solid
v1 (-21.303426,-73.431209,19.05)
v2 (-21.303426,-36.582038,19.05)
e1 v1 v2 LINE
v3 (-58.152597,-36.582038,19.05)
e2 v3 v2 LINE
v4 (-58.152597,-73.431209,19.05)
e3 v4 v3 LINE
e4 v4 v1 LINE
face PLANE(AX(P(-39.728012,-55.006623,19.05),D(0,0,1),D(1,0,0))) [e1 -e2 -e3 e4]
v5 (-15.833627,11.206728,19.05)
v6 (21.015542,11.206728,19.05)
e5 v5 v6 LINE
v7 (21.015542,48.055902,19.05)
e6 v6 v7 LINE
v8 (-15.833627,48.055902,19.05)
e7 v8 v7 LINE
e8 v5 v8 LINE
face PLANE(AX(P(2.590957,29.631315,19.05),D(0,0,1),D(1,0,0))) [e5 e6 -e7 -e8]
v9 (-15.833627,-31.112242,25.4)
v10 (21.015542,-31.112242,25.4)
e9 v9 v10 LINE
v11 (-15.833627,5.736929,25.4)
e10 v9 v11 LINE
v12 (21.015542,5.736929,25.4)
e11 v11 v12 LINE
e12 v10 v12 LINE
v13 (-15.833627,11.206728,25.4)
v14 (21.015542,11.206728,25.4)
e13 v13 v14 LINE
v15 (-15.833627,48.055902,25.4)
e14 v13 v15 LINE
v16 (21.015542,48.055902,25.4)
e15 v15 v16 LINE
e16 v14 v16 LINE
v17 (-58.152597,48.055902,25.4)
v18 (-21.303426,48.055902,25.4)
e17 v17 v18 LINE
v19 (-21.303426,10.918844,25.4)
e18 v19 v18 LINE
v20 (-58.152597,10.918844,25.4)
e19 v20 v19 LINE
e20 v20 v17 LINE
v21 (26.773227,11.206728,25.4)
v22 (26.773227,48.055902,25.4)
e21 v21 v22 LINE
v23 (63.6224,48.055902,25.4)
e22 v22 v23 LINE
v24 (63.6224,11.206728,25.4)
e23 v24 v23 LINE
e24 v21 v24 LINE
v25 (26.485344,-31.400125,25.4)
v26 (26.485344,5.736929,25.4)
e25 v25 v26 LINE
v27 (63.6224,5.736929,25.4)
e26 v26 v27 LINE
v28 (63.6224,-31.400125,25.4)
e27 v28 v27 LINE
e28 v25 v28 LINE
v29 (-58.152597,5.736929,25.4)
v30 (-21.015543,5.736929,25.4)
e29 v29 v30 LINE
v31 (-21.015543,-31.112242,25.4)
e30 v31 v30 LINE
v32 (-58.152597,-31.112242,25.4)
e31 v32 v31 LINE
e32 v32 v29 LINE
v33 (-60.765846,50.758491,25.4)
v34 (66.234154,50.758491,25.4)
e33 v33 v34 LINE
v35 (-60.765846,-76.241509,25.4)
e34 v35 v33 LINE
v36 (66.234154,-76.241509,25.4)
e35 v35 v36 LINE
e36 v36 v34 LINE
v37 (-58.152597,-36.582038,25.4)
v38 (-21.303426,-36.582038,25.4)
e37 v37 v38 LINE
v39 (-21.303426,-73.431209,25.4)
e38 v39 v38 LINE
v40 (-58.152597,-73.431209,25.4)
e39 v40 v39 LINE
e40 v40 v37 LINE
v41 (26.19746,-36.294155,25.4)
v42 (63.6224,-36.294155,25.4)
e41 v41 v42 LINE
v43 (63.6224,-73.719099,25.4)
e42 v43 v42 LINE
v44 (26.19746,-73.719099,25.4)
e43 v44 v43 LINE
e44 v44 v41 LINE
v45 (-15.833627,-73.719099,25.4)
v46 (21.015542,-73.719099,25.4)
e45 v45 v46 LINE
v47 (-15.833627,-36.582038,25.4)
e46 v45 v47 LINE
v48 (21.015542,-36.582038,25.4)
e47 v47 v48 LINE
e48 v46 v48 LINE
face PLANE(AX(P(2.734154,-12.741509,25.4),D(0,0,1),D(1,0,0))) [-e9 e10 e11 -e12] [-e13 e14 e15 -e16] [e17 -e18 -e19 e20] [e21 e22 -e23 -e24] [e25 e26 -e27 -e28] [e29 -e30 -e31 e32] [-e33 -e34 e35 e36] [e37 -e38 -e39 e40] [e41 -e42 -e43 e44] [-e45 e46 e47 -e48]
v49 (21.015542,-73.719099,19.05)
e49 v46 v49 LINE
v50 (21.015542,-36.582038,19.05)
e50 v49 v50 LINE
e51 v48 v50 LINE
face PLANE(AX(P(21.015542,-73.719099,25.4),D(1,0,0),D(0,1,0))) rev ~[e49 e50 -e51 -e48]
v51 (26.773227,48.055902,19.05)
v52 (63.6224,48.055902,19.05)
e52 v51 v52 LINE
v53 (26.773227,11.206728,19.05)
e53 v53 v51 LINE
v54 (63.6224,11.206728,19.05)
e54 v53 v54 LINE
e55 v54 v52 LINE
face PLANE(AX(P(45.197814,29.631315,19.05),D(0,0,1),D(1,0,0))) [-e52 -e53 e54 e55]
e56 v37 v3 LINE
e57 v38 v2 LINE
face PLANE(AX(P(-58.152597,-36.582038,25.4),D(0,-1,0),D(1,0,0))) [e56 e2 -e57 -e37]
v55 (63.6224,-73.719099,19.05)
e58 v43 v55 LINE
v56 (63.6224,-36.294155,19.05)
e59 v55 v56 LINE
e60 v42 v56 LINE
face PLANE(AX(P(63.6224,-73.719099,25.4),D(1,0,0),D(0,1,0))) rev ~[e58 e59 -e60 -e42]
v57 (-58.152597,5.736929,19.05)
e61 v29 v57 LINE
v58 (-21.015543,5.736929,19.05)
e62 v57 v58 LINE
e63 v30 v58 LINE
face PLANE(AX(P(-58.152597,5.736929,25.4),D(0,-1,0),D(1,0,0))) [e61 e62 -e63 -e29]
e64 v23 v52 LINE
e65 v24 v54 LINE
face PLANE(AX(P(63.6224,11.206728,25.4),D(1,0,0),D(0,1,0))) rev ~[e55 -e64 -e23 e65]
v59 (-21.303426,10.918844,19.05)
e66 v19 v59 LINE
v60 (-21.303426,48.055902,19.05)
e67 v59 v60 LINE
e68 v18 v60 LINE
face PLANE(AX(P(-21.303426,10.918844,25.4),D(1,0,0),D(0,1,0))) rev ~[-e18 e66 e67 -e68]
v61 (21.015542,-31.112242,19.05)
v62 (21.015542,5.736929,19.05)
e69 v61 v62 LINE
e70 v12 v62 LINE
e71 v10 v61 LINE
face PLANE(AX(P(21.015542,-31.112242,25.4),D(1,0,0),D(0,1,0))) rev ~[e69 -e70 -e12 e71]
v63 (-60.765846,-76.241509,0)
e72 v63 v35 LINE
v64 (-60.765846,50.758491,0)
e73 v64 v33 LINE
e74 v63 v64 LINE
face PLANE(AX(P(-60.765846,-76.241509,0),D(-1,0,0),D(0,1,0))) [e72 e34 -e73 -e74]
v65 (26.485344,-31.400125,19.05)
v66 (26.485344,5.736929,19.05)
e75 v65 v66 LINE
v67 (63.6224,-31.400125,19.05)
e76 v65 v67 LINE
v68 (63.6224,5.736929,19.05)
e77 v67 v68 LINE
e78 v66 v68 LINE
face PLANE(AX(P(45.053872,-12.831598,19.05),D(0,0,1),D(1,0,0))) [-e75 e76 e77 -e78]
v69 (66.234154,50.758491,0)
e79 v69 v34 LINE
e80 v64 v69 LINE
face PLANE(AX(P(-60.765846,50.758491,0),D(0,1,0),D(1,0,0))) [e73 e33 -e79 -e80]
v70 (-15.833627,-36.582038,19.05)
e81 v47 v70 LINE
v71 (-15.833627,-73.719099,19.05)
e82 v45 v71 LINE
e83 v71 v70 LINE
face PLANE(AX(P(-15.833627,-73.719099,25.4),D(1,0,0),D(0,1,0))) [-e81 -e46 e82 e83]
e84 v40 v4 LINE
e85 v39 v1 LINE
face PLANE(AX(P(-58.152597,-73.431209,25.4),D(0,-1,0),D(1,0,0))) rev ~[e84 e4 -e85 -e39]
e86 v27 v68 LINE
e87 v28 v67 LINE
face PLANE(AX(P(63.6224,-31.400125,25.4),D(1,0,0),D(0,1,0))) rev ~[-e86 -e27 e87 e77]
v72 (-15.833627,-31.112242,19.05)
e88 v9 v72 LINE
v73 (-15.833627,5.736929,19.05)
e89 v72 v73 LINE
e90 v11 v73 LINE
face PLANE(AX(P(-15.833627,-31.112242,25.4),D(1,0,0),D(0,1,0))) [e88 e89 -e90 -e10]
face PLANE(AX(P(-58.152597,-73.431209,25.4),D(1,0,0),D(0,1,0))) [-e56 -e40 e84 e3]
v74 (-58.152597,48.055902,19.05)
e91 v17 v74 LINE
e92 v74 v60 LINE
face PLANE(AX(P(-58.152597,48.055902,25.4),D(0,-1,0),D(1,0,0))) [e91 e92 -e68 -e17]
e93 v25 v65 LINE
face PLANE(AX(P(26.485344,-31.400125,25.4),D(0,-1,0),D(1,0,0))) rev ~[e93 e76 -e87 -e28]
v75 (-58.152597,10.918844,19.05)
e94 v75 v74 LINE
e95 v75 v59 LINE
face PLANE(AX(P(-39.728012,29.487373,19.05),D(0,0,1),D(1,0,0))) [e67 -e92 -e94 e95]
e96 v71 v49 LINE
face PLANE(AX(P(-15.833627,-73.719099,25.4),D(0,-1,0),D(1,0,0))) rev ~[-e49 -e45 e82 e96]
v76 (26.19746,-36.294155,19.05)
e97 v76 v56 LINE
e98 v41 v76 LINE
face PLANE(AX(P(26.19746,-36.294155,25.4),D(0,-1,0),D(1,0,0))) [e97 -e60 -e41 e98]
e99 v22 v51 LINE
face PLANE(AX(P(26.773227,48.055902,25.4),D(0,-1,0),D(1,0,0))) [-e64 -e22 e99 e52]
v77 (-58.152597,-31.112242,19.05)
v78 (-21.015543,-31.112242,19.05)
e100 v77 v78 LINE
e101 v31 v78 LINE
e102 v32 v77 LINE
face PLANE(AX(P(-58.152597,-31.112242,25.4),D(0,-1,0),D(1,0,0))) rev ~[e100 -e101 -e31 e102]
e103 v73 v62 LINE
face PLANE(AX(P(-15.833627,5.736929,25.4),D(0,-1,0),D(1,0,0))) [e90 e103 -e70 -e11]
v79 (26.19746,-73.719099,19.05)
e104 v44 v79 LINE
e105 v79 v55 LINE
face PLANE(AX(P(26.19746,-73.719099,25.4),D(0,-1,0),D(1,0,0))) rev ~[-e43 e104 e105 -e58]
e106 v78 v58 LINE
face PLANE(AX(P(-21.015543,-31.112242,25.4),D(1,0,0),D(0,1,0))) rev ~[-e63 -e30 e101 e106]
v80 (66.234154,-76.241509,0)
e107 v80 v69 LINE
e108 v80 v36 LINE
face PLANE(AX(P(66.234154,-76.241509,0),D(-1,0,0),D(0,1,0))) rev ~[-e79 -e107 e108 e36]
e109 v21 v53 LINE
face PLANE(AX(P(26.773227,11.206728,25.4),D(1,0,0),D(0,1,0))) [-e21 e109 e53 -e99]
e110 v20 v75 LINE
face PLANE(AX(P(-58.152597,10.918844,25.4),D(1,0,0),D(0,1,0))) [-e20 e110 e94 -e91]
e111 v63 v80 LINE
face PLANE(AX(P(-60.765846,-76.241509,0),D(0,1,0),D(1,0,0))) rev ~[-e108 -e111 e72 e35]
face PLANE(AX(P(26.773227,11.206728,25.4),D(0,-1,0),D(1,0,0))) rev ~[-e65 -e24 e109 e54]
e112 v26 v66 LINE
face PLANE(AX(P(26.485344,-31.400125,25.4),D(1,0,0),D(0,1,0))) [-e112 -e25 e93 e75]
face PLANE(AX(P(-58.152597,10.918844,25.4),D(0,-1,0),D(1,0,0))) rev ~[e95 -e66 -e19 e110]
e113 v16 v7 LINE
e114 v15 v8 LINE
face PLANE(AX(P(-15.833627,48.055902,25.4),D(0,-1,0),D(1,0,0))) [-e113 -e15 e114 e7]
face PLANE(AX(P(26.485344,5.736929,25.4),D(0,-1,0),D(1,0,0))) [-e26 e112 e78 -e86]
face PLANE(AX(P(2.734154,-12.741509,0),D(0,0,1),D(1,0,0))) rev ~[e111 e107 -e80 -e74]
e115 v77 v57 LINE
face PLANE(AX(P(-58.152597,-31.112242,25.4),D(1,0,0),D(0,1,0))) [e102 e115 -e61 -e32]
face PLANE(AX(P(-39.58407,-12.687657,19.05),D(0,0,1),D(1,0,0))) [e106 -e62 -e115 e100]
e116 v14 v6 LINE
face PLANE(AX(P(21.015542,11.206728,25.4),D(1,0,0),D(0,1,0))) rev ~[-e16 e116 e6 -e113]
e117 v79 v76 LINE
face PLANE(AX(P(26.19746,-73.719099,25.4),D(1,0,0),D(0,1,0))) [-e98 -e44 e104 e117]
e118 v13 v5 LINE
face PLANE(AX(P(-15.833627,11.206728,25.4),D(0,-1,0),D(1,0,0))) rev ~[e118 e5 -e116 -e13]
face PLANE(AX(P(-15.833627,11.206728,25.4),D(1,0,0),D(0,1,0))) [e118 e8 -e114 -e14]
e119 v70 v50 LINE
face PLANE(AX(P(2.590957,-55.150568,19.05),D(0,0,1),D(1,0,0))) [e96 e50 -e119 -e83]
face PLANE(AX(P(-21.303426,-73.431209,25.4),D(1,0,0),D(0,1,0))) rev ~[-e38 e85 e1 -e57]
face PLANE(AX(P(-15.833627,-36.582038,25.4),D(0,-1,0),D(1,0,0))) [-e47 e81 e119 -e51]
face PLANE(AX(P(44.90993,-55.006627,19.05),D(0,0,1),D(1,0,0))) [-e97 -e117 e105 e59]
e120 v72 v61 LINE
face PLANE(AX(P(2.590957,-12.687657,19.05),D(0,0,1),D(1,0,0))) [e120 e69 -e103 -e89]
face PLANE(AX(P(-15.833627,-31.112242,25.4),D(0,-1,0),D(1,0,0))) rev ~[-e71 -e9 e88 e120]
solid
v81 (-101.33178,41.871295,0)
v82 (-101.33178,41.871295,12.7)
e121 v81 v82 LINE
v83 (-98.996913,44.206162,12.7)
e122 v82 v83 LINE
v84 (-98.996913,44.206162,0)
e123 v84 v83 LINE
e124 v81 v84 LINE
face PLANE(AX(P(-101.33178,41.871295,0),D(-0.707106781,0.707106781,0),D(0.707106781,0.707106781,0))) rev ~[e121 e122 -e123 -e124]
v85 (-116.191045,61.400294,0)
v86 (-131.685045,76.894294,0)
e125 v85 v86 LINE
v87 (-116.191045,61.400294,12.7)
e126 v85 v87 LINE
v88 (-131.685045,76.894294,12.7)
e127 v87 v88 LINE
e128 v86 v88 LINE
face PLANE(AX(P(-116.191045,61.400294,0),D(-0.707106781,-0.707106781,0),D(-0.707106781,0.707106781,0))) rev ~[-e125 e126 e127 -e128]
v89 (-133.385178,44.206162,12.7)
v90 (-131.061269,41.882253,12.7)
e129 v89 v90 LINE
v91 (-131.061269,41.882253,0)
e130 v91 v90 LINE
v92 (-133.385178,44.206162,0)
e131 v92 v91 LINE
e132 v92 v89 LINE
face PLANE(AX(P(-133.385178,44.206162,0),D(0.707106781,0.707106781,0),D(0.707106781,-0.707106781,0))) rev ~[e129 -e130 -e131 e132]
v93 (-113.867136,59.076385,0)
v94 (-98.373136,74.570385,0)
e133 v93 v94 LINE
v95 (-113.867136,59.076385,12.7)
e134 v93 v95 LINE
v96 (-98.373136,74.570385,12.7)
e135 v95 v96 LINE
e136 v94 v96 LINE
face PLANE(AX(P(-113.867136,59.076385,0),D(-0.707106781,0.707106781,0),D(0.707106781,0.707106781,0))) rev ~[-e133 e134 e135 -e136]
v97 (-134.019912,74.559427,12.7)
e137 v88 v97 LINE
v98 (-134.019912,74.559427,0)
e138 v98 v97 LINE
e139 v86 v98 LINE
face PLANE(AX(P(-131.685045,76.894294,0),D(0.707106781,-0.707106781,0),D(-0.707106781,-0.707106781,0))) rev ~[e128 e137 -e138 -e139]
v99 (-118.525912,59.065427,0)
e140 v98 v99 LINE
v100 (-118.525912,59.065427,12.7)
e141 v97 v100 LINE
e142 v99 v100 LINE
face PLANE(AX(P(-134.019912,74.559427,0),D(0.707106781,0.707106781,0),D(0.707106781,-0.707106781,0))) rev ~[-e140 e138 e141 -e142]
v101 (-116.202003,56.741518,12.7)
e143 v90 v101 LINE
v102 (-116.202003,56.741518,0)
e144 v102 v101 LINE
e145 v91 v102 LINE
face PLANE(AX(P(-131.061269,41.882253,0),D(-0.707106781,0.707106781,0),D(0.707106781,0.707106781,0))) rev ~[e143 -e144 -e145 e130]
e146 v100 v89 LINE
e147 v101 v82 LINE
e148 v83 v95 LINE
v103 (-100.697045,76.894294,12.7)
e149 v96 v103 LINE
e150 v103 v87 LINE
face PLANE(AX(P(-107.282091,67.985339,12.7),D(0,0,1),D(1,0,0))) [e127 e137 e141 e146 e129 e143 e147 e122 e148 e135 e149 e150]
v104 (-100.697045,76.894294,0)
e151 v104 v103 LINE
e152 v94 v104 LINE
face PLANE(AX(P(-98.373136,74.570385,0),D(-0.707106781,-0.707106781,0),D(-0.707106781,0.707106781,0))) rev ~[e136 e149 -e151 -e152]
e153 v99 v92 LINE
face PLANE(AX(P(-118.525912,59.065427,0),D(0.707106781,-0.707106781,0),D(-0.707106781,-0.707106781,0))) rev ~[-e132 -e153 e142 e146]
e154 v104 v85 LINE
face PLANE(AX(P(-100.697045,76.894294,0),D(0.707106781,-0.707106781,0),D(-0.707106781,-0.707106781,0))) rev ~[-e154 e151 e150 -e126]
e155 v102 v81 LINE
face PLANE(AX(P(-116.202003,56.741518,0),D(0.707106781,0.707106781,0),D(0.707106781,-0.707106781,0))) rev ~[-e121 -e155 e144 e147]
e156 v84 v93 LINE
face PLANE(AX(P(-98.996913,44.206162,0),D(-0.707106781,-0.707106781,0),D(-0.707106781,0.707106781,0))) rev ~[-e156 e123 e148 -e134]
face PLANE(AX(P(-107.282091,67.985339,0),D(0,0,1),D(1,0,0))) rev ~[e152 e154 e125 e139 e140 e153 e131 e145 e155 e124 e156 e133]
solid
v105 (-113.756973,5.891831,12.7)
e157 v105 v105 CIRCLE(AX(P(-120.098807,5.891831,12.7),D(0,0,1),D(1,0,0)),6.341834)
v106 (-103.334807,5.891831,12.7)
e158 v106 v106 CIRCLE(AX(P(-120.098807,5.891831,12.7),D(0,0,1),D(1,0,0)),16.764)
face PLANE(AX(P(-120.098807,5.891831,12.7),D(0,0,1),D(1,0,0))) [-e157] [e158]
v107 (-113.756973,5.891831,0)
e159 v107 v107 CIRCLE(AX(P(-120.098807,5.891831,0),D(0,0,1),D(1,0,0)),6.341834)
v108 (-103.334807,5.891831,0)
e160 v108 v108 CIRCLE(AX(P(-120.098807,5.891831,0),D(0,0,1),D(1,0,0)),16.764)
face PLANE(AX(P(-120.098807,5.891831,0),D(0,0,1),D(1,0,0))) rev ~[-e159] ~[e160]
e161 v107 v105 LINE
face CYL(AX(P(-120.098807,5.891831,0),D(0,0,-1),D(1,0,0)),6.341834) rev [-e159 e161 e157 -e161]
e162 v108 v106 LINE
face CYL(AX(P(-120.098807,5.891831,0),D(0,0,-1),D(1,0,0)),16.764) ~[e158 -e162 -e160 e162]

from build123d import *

# Parameters (mm, degrees)
F0_W     = 127
F0_H     = 127
F1_DEPTH = 25.4
F2_W     = 36.8491709232
F2_H     = 37.1370585635
F2_W_2   = 36.8491690606
F2_H_2   = 36.8491737172
F2_W_3   = 36.8491727859
F2_W_4   = 37.1370539069
F2_H_3   = 36.8491718546
F2_W_5   = 37.1370557696
F2_H_4   = 37.1370548382
F2_H_5   = 36.8491709232
F2_H_6   = 37.1370613575
F2_W_6   = 37.4249406159
F2_H_7   = 37.4249443412
F3_DEPTH = 6.35
F5_DEPTH = 12.7
F6_R     = 16.764
F6_R_2   = 6.3418339622
F7_DEPTH = 12.7


with BuildPart() as f1:
    # F0 (on Top) → F1 (new body)
    with BuildSketch(Plane.XY):
        with Locations((2.7341544628, -12.7415094916)):
            Rectangle(F0_W, F0_H)
    extrude(amount=F1_DEPTH)

    # F2 (on face) → F3 (cut)
    with BuildSketch(Plane.XY.offset(25.4)):
        with Locations((-39.7280119359, 29.4873728417)):
            Rectangle(F2_W, F2_H)
        with Locations((2.5909570977, 29.6313152649)):
            Rectangle(F2_W_2, F2_H_2)
        with Locations((45.1978137717, 29.6313152649)):
            Rectangle(F2_W_3, F2_H_2)
        with Locations((-39.5840704441, -12.6876565628)):
            Rectangle(F2_W_4, F2_H_3)
        with Locations((2.5909570977, -12.6876565628)):
            Rectangle(F2_W_2, F2_H_3)
        with Locations((45.0538722798, -12.8315980546)):
            Rectangle(F2_W_5, F2_H_4)
        with Locations((-39.7280119359, -55.0066232681)):
            Rectangle(F2_W, F2_H_5)
        with Locations((2.5909570977, -55.1505684853)):
            Rectangle(F2_W_2, F2_H_6)
        with Locations((44.9099298567, -55.0066269934)):
            Rectangle(F2_W_6, F2_H_7)
    extrude(amount=-F3_DEPTH, mode=Mode.SUBTRACT)


with BuildPart() as f5:
    # F4 (on Top) → F5 (new body)
    with BuildSketch(Plane.XY):
        Polygon((-98.3731364228, 74.5703850207), (-100.6970453433, 76.8942939412), (-116.1910453433, 61.4002939412), (-113.8671364228, 59.0763850207), align=None)
        Polygon((-113.8671364228, 59.0763850207), (-116.1910453433, 61.4002939412), (-118.5259119348, 59.0654273498), (-116.2020030143, 56.7415184292), align=None)
        Polygon((-118.5259119348, 59.0654273498), (-116.1910453433, 61.4002939412), (-131.6850453433, 76.8942939412), (-134.0199119348, 74.5594273498), align=None)
        Polygon((-116.2020030143, 56.7415184292), (-118.5259119348, 59.0654273498), (-133.385177624, 44.2061616605), (-131.0612687035, 41.88225274), align=None)
        Polygon((-98.9969130626, 44.2061616605), (-113.8671364228, 59.0763850207), (-116.2020030143, 56.7415184292), (-101.3317796541, 41.8712950691), align=None)
    extrude(amount=F5_DEPTH)


with BuildPart() as f7:
    # F6 (on Top) → F7 (new body)
    with BuildSketch(Plane.XY):
        with Locations((-120.0988069177, 5.8918311261)):
            Circle(F6_R)
        with Locations((-120.0988069177, 5.8918311261)):
            Circle(F6_R_2, mode=Mode.SUBTRACT)
    extrude(amount=F7_DEPTH)


solid = Compound([f1.part, f5.part, f7.part])
